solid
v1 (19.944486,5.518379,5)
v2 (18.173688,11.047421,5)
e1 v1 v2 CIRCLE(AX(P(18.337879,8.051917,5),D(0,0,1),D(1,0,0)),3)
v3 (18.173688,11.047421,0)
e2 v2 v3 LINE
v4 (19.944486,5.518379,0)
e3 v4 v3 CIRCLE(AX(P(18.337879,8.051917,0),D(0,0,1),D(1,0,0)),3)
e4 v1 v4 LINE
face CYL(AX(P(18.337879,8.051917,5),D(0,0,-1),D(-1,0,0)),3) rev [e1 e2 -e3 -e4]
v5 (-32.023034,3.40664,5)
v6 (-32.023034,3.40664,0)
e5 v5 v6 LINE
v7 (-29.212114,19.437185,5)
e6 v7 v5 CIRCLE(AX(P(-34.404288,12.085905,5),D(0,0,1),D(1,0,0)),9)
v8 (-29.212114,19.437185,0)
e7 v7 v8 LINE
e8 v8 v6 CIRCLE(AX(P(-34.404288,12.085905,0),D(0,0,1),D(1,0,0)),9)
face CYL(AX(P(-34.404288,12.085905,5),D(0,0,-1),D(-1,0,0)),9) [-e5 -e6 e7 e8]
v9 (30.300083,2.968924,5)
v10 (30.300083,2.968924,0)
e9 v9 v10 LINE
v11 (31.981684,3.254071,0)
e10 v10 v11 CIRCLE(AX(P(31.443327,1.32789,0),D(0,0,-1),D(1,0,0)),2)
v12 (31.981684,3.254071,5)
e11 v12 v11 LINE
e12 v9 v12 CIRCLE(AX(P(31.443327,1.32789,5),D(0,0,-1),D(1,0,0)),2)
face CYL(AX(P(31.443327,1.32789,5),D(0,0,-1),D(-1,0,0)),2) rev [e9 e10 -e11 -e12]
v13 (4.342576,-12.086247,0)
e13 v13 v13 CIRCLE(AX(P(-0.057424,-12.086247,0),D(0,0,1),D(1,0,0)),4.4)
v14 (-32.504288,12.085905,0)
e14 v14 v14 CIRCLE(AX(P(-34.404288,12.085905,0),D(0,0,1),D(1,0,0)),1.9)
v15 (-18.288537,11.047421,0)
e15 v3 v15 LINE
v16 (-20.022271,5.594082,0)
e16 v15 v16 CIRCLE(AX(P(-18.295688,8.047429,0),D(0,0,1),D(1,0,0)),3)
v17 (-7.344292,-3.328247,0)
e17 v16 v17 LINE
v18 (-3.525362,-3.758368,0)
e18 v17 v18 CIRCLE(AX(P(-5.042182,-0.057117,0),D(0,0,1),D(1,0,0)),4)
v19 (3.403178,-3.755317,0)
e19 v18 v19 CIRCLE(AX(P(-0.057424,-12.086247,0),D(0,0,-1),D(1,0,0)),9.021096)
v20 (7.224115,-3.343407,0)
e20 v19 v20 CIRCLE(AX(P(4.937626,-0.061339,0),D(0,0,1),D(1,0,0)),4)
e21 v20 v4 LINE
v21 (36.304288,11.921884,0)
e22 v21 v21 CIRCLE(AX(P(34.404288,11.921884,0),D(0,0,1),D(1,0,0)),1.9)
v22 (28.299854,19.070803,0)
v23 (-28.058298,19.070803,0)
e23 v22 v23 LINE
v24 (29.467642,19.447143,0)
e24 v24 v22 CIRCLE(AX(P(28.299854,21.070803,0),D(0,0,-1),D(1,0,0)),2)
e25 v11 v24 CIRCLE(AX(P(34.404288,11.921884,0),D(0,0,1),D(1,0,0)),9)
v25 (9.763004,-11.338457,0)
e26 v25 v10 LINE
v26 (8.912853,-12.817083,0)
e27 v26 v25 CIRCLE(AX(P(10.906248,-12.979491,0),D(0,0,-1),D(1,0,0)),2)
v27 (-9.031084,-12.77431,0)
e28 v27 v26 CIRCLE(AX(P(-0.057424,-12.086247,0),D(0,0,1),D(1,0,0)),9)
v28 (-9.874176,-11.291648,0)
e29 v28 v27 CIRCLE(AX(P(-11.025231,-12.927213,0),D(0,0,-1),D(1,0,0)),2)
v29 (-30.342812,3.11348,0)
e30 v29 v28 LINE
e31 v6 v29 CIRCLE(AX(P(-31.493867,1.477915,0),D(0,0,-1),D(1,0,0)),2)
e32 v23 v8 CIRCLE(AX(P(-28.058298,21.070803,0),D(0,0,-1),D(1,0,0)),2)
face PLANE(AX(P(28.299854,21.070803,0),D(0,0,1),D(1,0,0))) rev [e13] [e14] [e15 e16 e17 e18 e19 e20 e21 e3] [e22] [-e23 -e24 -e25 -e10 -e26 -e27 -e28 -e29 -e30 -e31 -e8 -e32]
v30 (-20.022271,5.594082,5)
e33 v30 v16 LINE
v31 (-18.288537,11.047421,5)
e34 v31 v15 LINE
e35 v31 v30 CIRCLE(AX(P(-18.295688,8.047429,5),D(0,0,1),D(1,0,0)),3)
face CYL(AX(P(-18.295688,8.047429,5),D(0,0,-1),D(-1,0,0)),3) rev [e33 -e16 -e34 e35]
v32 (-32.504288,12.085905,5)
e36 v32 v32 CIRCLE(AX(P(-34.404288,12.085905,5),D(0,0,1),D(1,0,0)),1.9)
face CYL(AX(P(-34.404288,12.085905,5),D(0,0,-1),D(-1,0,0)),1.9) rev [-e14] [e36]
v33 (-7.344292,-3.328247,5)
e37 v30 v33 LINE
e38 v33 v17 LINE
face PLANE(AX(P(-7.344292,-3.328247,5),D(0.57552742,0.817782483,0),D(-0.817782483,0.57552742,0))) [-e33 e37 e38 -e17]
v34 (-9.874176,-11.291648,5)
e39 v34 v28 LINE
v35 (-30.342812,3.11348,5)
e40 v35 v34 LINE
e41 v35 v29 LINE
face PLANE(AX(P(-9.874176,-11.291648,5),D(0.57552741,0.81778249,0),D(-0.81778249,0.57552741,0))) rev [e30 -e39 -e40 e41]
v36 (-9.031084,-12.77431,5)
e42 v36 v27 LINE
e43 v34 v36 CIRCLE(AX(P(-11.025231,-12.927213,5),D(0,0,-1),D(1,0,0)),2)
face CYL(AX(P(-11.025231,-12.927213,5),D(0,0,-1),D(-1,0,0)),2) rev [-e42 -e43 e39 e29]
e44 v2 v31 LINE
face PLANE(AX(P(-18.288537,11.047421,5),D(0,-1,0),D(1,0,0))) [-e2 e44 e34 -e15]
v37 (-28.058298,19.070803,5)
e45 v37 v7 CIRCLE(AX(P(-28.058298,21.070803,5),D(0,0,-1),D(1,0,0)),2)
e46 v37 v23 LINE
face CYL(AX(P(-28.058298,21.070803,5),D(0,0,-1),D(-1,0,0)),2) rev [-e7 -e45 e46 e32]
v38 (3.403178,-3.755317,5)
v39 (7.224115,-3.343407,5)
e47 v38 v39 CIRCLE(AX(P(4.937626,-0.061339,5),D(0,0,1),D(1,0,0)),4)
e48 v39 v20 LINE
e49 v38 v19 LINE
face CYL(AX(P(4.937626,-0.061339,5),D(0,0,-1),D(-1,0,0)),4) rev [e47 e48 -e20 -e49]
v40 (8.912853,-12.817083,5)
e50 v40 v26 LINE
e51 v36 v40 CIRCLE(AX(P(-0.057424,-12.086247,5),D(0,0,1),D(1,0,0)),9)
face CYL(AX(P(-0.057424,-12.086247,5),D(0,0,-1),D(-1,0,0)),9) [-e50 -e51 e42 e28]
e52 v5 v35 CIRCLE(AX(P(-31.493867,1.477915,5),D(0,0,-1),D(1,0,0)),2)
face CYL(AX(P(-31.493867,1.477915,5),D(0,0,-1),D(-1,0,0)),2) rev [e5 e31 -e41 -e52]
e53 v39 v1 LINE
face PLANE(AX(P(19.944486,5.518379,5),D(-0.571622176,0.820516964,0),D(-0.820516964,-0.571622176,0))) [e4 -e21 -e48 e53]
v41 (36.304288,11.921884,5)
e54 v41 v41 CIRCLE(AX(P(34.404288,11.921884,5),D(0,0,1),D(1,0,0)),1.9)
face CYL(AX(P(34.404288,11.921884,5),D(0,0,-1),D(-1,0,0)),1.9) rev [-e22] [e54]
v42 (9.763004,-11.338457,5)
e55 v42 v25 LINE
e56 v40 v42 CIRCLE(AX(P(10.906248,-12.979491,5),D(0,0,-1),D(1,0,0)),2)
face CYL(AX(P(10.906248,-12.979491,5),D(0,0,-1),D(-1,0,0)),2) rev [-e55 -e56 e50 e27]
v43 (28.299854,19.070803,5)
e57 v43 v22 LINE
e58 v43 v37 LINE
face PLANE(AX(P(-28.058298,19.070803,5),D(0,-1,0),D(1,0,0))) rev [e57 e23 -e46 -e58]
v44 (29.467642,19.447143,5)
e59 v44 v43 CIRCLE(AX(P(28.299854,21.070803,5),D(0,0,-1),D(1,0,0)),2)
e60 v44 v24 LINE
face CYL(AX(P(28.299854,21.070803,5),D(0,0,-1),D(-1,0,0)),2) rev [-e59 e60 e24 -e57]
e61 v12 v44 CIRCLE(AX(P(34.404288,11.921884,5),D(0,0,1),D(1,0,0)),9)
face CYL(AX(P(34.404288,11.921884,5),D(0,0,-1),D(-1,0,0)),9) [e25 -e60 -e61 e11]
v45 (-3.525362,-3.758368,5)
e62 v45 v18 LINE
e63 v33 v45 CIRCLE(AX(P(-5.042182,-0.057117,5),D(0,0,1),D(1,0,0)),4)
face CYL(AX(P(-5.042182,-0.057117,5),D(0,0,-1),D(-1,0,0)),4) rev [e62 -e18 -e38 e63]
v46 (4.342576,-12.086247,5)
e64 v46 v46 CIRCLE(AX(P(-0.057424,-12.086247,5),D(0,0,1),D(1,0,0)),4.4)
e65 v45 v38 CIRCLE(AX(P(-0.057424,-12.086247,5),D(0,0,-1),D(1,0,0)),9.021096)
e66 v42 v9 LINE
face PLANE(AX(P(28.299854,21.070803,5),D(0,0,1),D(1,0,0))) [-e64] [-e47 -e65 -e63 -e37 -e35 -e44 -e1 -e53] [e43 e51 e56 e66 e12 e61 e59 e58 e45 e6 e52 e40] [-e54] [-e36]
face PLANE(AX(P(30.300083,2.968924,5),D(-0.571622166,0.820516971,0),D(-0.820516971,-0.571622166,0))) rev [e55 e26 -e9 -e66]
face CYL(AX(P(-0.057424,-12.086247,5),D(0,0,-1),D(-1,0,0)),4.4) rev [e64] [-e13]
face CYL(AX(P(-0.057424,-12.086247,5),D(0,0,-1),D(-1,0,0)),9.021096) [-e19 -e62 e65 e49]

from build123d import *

# Parameters (mm, degrees)
ESQUISSE1_R        = 1.9
ESQUISSE1_R_2      = 4.4
BOSS_EXTRU_1_DEPTH = 5


with BuildPart() as part:
    # Esquisse1 → Boss.-Extru.1 (new body)
    with BuildSketch(Plane.XY):
        with BuildLine():
            Line((30.300082727, 2.968924298), (9.763004104, -11.338457247))
            ThreePointArc((9.763004104, -11.338457247), (9.172405802, -11.982601165), (8.912853429, -12.817083223))
            ThreePointArc((8.912853429, -12.817083223), (-0.078877501, -21.086221809), (-9.031083885, -12.77430994))
            ThreePointArc((-9.031083885, -12.77430994), (-9.286654991, -11.938599972), (-9.874175684, -11.291647751))
            Line((-9.874175684, -11.291647751), (-30.342811787, 3.113479848))
            ThreePointArc((-30.342811787, 3.113479848), (-31.150105491, 3.448150462), (-32.023034153, 3.406640278))
            ThreePointArc((-32.023034153, 3.406640278), (-43.269038369, 13.640318644), (-29.212114116, 19.437185406))
            ThreePointArc((-29.212114116, 19.437185406), (-28.66359268, 19.164598239), (-28.058297671, 19.070803357))
            Line((-28.058297671, 19.070803357), (28.299854, 19.070803357))
            ThreePointArc((28.299854, 19.070803357), (28.91331959, 19.167212023), (29.467641782, 19.447143388))
            ThreePointArc((29.467641782, 19.447143388), (43.297743059, 13.302630265), (31.981683615, 3.25407109))
            ThreePointArc((31.981683615, 3.25407109), (31.108962768, 3.29974241), (30.300082727, 2.968924298))
        make_face()
        with Locations((-34.404288116, 12.085904623)):
            Circle(ESQUISSE1_R, mode=Mode.SUBTRACT)
        with Locations((34.404288116, 11.921884391)):
            Circle(ESQUISSE1_R, mode=Mode.SUBTRACT)
        with Locations((-0.057424101, -12.086247379)):
            Circle(ESQUISSE1_R_2, mode=Mode.SUBTRACT)
        with BuildLine():
            Line((-18.288536611, 11.047420606), (18.173688409, 11.047420606))
            ThreePointArc((18.173688409, 11.047420606), (21.194925395, 8.966949346), (19.94448595, 5.518379385))
            Line((19.94448595, 5.518379385), (7.224114855, -3.343407178))
            ThreePointArc((7.224114855, -3.343407178), (5.36635505, -4.038296984), (3.403177648, -3.755316724))
            ThreePointArc((3.403177648, -3.755316724), (-0.06139684, -3.06515242), (-3.525362111, -3.758367937))
            ThreePointArc((-3.525362111, -3.758367937), (-5.489866285, -4.031985712), (-7.344292156, -3.328247102))
            Line((-7.344292156, -3.328247102), (-20.022270936, 5.59408196))
            ThreePointArc((-20.022270936, 5.59408196), (-21.154680468, 8.956364593), (-18.288536611, 11.047420606))
        make_face(mode=Mode.SUBTRACT)
    extrude(amount=BOSS_EXTRU_1_DEPTH)


solid = part.part
